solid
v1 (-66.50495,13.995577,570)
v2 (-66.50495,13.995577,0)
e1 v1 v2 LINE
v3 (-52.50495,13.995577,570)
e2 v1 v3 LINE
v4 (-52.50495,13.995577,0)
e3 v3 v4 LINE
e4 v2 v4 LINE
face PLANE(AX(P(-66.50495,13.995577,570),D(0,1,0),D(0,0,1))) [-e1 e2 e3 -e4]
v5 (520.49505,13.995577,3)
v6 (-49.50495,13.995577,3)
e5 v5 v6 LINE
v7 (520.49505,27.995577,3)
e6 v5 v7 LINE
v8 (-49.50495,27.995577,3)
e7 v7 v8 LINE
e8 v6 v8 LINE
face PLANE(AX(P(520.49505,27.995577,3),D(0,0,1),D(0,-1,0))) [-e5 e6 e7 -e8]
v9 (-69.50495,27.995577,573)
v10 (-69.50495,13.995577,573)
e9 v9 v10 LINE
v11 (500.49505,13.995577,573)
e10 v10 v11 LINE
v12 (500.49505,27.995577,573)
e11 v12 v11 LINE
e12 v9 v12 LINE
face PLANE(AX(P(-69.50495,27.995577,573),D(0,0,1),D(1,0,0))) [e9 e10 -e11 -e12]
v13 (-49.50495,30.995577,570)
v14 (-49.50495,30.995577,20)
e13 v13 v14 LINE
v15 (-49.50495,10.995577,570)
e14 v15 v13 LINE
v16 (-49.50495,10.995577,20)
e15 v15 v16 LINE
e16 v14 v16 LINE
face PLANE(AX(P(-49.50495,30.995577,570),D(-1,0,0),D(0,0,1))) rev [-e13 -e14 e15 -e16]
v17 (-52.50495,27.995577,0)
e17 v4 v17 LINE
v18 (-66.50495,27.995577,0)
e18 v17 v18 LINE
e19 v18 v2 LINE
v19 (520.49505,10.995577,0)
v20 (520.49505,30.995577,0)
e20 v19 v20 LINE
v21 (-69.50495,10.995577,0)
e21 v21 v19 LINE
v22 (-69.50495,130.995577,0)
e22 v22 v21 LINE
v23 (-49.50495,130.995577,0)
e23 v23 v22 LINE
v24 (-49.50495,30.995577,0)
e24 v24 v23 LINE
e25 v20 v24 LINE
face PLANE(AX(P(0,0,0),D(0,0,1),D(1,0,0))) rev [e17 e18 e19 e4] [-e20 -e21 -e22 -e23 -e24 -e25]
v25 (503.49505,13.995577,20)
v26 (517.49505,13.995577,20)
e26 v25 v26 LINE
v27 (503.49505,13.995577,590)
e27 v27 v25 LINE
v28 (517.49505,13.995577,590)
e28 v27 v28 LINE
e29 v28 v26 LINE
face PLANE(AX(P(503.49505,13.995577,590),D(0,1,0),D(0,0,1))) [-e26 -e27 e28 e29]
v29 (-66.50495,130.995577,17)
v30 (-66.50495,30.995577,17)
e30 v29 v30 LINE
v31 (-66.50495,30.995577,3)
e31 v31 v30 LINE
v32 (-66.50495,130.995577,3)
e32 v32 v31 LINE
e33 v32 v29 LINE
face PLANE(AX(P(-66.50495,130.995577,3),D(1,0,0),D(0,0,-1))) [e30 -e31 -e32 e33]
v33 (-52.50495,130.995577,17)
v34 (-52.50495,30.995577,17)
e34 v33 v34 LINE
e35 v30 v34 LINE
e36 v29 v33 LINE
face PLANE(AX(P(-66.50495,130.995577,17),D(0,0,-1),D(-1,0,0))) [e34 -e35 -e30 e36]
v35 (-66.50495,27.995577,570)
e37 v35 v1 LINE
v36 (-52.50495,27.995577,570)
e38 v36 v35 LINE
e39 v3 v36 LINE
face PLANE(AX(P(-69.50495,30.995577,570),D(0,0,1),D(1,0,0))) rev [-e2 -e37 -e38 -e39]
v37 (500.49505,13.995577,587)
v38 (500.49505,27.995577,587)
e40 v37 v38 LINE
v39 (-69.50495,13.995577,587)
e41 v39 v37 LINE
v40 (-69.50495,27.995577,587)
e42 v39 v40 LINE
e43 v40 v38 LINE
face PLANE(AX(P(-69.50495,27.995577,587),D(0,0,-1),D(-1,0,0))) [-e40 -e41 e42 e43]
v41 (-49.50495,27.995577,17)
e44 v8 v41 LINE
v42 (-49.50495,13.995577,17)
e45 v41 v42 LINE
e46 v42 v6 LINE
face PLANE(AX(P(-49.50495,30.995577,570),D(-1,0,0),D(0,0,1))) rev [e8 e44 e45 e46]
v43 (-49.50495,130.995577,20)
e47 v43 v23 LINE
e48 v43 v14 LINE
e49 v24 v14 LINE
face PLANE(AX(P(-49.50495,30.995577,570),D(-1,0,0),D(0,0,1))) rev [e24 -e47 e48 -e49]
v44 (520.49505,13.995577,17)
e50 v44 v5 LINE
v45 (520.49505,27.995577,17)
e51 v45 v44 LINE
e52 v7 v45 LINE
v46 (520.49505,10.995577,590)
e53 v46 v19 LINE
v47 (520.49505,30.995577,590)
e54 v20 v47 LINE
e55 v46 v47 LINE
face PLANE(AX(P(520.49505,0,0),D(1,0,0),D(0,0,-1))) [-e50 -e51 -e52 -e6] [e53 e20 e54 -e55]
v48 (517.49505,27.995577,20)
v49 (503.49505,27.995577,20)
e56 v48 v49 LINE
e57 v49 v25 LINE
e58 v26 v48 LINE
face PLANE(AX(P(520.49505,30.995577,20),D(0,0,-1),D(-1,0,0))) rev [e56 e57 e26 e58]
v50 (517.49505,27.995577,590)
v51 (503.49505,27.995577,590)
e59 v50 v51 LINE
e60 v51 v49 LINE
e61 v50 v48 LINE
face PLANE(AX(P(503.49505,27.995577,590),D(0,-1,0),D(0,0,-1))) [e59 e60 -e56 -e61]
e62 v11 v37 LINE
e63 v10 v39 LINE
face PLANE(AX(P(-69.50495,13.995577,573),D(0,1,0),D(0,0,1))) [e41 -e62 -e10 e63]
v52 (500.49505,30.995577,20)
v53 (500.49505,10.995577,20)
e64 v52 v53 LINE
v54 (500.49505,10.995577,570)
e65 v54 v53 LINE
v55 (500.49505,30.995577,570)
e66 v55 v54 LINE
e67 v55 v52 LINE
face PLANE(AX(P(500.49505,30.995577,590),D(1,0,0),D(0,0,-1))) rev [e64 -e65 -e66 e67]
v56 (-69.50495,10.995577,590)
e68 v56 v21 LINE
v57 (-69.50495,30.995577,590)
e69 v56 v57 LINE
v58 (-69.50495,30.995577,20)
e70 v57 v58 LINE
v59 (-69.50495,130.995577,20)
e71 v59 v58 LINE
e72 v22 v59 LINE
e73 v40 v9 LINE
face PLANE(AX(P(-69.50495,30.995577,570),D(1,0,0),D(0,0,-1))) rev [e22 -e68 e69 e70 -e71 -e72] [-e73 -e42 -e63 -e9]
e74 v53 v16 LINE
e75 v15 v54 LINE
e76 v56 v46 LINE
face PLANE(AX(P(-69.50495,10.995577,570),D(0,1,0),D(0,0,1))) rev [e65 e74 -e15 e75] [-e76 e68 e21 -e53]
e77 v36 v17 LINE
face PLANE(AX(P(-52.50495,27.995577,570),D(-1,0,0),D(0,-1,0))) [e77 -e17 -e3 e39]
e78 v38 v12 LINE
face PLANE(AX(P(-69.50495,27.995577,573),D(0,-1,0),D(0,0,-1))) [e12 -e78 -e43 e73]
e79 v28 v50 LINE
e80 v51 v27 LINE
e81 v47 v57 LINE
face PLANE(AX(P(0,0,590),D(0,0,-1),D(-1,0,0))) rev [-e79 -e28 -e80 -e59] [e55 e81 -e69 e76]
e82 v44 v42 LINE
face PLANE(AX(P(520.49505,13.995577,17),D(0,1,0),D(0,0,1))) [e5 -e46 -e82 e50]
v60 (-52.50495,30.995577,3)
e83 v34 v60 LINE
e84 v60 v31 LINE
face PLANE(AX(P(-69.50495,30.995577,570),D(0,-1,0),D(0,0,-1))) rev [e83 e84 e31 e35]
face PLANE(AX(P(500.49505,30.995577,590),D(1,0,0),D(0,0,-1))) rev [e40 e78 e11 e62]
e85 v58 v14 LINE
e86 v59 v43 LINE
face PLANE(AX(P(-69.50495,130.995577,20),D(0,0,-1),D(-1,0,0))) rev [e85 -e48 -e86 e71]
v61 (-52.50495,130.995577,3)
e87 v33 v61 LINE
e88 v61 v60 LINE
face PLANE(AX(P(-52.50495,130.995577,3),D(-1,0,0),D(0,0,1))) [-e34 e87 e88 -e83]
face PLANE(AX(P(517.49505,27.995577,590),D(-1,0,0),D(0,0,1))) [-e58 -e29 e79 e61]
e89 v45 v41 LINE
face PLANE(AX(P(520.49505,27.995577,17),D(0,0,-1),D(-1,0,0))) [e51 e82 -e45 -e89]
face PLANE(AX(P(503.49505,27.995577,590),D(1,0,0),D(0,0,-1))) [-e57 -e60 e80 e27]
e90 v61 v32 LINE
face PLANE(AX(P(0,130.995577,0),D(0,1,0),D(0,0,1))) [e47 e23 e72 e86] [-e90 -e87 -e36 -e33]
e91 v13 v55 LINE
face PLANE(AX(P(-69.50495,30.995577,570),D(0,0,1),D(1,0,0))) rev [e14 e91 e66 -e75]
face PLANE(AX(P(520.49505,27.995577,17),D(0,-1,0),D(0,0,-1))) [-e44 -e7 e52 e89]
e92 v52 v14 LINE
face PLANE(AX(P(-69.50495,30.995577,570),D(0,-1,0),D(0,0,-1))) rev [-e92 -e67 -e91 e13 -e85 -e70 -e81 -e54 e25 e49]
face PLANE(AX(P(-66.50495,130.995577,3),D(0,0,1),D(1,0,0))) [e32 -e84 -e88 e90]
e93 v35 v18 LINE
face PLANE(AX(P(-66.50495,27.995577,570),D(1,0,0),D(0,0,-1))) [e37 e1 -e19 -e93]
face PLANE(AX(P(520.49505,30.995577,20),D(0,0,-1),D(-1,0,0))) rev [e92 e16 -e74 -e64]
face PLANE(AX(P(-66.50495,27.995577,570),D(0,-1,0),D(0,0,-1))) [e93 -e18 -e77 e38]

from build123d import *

# Parameters (mm, degrees)
SKETCH_1_W      = 20
SKETCH_1_H      = 20
SKETCH_1_W_2    = 14
SKETCH_1_H_2    = 14
EXTRUDE_1_DEPTH = 570
SKETCH_2_W      = 20
SKETCH_2_H      = 20
SKETCH_2_W_2    = 14
SKETCH_2_H_2    = 14
EXTRUDE_2_DEPTH = 100
SKETCH_5_W      = 20
SKETCH_5_H      = 20
SKETCH_5_W_2    = 14
SKETCH_5_H_2    = 14
EXTRUDE_3_DEPTH = 570
SKETCH_6_W      = 20
SKETCH_6_H      = 20
SKETCH_6_W_2    = 14
SKETCH_6_H_2    = 14
EXTRUDE_4_DEPTH = 570
SKETCH_7_W      = 20
SKETCH_7_H      = 20
SKETCH_7_W_2    = 14
SKETCH_7_H_2    = 14
EXTRUDE_5_DEPTH = 570


with BuildPart() as part:
    # 草图1 → 凸台-拉伸1 (new body)
    with BuildSketch(Plane.XY):
        with Locations((-59.504950495, 20.995577113)):
            Rectangle(SKETCH_1_W, SKETCH_1_H)
        with Locations((-59.504950495, 20.995577113)):
            Rectangle(SKETCH_1_W_2, SKETCH_1_H_2, mode=Mode.SUBTRACT)
    extrude(amount=EXTRUDE_1_DEPTH)

    # 草图2 → 凸台-拉伸2 (add)
    with BuildSketch(Plane(origin=(0, 30.995577113, 0), x_dir=(1, 0, 0), z_dir=(0, 1, 0))):
        with Locations((-59.504950495, -10)):
            Rectangle(SKETCH_2_W, SKETCH_2_H)
        with Locations((-59.504950495, -10)):
            Rectangle(SKETCH_2_W_2, SKETCH_2_H_2, mode=Mode.SUBTRACT)
    extrude(amount=EXTRUDE_2_DEPTH)

    # 草图5 → 凸台-拉伸3 (add)
    with BuildSketch(Plane(origin=(-49.504950495, 0, 0), x_dir=(0, 0, -1), z_dir=(1, 0, 0))):
        with Locations((-10, 20.995577113)):
            Rectangle(SKETCH_5_W, SKETCH_5_H)
        with Locations((-10, 20.995577113)):
            Rectangle(SKETCH_5_W_2, SKETCH_5_H_2, mode=Mode.SUBTRACT)
    extrude(amount=EXTRUDE_3_DEPTH)

    # 草图6 → 凸台-拉伸4 (add)
    with BuildSketch(Plane.XY.offset(20)):
        with Locations((510.495049505, 20.995577113)):
            Rectangle(SKETCH_6_W, SKETCH_6_H)
        with Locations((510.495049505, 20.995577113)):
            Rectangle(SKETCH_6_W_2, SKETCH_6_H_2, mode=Mode.SUBTRACT)
    extrude(amount=EXTRUDE_4_DEPTH)

    # 草图7 → 凸台-拉伸5 (add)
    with BuildSketch(Plane.ZY.offset(-500.495049505)):
        with Locations((580, 20.995577113)):
            Rectangle(SKETCH_7_W, SKETCH_7_H)
        with Locations((580, 20.995577113)):
            Rectangle(SKETCH_7_W_2, SKETCH_7_H_2, mode=Mode.SUBTRACT)
    extrude(amount=EXTRUDE_5_DEPTH)


solid = part.part
